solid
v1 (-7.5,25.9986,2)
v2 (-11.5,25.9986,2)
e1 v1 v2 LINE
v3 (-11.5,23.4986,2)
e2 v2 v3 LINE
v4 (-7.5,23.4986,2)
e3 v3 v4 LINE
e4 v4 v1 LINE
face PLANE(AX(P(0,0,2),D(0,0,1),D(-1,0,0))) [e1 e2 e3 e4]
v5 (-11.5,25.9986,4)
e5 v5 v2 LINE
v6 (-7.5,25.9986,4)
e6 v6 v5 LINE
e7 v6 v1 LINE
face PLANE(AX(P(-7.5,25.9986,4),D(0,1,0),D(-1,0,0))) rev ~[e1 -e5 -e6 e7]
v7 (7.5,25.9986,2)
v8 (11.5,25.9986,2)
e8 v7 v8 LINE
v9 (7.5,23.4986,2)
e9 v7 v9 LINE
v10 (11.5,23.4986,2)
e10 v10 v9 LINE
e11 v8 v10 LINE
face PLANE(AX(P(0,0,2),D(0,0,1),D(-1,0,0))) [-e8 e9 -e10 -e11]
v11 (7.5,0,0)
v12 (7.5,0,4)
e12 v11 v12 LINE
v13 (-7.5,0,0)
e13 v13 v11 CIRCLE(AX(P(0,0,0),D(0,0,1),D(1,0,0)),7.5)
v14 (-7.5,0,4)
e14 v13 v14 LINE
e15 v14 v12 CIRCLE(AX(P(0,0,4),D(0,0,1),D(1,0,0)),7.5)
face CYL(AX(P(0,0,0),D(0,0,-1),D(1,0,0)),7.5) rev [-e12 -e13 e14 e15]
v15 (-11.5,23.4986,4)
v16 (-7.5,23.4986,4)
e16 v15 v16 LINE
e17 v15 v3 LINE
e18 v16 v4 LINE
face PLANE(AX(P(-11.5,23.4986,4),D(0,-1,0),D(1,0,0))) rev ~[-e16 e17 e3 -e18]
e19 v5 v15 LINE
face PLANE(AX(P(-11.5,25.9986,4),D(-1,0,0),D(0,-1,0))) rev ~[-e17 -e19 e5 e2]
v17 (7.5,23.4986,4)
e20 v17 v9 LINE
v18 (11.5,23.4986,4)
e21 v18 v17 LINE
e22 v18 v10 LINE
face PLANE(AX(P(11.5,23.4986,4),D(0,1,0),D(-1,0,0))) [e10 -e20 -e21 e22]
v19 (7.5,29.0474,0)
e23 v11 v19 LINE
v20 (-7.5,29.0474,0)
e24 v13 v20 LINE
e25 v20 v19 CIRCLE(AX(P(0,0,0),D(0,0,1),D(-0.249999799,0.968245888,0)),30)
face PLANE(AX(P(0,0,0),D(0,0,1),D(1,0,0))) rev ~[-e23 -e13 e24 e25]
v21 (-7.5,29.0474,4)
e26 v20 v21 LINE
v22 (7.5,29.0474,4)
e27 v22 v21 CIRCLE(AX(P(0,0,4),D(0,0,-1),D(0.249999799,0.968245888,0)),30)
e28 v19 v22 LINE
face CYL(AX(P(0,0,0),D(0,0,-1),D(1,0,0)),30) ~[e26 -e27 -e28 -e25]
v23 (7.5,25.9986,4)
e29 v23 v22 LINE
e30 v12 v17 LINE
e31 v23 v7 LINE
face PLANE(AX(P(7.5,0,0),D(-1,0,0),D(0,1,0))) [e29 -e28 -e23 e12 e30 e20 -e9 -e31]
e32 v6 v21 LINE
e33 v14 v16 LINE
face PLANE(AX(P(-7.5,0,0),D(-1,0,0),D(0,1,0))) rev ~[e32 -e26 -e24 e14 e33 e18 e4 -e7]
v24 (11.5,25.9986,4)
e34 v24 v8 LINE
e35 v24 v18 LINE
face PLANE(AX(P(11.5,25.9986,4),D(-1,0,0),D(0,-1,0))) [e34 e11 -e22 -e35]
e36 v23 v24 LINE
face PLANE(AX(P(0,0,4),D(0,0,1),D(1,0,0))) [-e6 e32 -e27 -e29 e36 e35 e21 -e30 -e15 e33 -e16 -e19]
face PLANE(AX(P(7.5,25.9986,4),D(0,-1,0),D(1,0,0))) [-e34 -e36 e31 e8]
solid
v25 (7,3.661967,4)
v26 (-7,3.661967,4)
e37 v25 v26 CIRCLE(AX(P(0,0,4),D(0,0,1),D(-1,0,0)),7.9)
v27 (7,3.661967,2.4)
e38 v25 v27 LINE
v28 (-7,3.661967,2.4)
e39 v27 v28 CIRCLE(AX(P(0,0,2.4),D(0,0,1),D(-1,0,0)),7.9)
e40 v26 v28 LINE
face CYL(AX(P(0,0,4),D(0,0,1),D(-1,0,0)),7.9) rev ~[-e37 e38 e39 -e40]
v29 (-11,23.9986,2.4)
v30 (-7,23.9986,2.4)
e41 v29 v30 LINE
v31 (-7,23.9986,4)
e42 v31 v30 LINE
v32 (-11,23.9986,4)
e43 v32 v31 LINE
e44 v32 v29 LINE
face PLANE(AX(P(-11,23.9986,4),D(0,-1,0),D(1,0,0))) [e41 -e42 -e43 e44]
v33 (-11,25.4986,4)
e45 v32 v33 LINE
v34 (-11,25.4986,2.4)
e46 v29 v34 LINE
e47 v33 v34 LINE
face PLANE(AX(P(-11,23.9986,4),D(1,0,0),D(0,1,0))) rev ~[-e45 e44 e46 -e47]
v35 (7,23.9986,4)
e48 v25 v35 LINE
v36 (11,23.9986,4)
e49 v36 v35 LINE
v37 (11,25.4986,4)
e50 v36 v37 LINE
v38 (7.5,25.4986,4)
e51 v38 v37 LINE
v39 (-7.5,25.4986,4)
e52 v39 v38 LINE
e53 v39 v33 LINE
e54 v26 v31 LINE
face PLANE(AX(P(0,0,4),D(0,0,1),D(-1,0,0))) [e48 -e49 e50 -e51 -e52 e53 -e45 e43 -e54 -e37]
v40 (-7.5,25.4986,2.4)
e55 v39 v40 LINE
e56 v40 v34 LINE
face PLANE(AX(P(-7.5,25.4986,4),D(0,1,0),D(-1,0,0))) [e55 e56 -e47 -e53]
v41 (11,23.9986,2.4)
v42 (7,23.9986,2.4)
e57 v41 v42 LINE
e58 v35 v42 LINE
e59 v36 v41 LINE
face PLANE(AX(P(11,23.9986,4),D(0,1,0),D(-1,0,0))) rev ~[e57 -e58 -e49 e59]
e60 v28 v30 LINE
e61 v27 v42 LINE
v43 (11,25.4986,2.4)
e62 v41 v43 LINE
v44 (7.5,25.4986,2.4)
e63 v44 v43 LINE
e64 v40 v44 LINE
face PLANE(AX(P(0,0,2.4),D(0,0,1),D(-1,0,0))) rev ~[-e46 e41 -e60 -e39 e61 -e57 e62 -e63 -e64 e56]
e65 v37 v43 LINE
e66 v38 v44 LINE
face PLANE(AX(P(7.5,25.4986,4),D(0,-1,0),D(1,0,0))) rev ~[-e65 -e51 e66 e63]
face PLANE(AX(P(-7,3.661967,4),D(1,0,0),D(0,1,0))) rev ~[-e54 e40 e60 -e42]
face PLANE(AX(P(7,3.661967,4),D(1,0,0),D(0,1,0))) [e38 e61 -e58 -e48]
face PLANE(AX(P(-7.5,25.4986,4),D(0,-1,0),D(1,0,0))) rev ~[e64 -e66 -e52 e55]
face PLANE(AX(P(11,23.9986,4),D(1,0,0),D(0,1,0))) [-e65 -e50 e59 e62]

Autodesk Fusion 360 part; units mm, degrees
sketch "Sketch1" plane through (0, 0, 0) normal (0, 0, 1) x (1, 0, 0)
  circle A0 centre (0, 0) radius 30
  circle A1 centre (0, 0) radius 7.5
  line L0 (-7.5, 0) -> (-7.5, 29.0474)
  line L1 (7.5, 0) -> (7.5, 29.0474)
  dimension "d1" = 60
  dimension "d2" = 15
extrude "Extrude1" add sketch "Sketch1" along normal blind 4 contours A0 A1 L0 L1 picked at (-22.4151, 1.0871) makes body 1
copy_body "Body->Comp1" bodies 1 removing the originals makes body 2 in component "cap"
sketch "Sketch2" plane through (0, 0, 4) normal (0, 0, 1) x (-1, 0, 0)
  line L0 (7.5, 0) -> (7.5, -29.0474)
  arc A0 (7.5, -29.0474) -> (-7.5, -29.0474) centre (0, 0) ccw
  line L1 (-7.5, -29.0474) -> (-7.5, 0)
  arc A1 (7.5, 0) -> (-7.5, 0) centre (0, 0) ccw
  line L2 (7.5, -25.9986) -> (11.5, -25.9986)
  line L3 (11.5, -25.9986) -> (11.5, -23.4986)
  line L4 (11.5, -23.4986) -> (7.5, -23.4986)
  line L5 (7.5, -23.4986) -> (7.5, -25.9986)
  line L6 (0, -31.0207) -> (0, -18.5293)
  line L7 (-7.5, -25.9986) -> (-11.5, -25.9986)
  line L8 (-11.5, -25.9986) -> (-11.5, -23.4986)
  line L9 (-11.5, -23.4986) -> (-7.5, -23.4986)
  line L10 (-7.5, -23.4986) -> (-7.5, -25.9986)
  dimension "d5" = 4
  dimension "d6" = 2.5
extrude "Extrude1'" cut sketch "Sketch2" against normal blind 2 contours L0 L2 L3 L4 L5 | L1 L7 L8 L9 L10 bodies 2 in component "cap"
sketch "Sketch3" plane through (0, 0, 4) normal (0, 0, 1) x (-1, 0, 0)
  line L0 (11.5, -25.9986) -> (7.5, -25.9986)
  line L1 (7.5, -25.9986) -> (7.5, -29.0474)
  arc A0 (7.5, -29.0474) -> (-7.5, -29.0474) centre (0, 0) ccw
  line L2 (-7.5, -29.0474) -> (-7.5, -25.9986)
  line L3 (-7.5, -25.9986) -> (-11.5, -25.9986)
  line L4 (-11.5, -25.9986) -> (-11.5, -23.4986)
  line L5 (-11.5, -23.4986) -> (-7.5, -23.4986)
  line L6 (-7.5, -23.4986) -> (-7.5, 0)
  arc A1 (7.5, 0) -> (-7.5, 0) centre (0, 0) ccw
  line L7 (7.5, 0) -> (7.5, -23.4986)
  line L8 (7.5, -23.4986) -> (11.5, -23.4986)
  line L9 (11.5, -23.4986) -> (11.5, -25.9986)
  circle A2 centre (0, 0) radius 7.5
  line L10 (7.5, 0) -> (7.5, -23.4986)
  line L11 (7.5, -25.9986) -> (-7.5, -25.9986)
  line L12 (7.5, -25.9986) -> (11.5, -25.9986)
  line L13 (11.5, -23.4986) -> (7.5, -23.4986)
  line L14 (-7.5, -25.9986) -> (-11.5, -25.9986)
  line L15 (-11.5, -23.4986) -> (-7.5, -23.4986)
  line L16 (-7.5, 0) -> (-7.5, -23.4986)
  line L17 (11.5, -23.4986) -> (11.5, -25.9986)
  line L18 (-11.5, -23.4986) -> (-11.5, -25.9986)
  circle A3 centre (0, 0) radius 7.9
  line L19 (7, 0) -> (7, -23.9986)
  line L20 (11, -23.9986) -> (7, -23.9986)
  line L21 (11, -23.9986) -> (11, -25.4986)
  line L22 (7.5, -25.4986) -> (11, -25.4986)
  line L23 (7.5, -25.4986) -> (-7.5, -25.4986)
  line L24 (-7.5, -25.4986) -> (-11, -25.4986)
  line L25 (-11, -23.9986) -> (-11, -25.4986)
  line L26 (-11, -23.9986) -> (-7, -23.9986)
  line L27 (-7, 0) -> (-7, -23.9986)
  dimension "d9" = 15
  dimension "d10" = 0.4
  dimension "d11" = -0.5
extrude "Extrude1''" add sketch "Sketch3" against normal blind 1.6 separate body contours A3 L19 L20 L21 L22 L23 L24 L25 L26 L27 makes body 3 in component "cover"
component "cap" placed x (1, 0, 0) y (0, 1, 0) z (0, 0, 1) at (0, 0, 0)
component "cover" placed x (1, 0, 0) y (0, 1, 0) z (0, 0, 1) at (0, 0, 0)
